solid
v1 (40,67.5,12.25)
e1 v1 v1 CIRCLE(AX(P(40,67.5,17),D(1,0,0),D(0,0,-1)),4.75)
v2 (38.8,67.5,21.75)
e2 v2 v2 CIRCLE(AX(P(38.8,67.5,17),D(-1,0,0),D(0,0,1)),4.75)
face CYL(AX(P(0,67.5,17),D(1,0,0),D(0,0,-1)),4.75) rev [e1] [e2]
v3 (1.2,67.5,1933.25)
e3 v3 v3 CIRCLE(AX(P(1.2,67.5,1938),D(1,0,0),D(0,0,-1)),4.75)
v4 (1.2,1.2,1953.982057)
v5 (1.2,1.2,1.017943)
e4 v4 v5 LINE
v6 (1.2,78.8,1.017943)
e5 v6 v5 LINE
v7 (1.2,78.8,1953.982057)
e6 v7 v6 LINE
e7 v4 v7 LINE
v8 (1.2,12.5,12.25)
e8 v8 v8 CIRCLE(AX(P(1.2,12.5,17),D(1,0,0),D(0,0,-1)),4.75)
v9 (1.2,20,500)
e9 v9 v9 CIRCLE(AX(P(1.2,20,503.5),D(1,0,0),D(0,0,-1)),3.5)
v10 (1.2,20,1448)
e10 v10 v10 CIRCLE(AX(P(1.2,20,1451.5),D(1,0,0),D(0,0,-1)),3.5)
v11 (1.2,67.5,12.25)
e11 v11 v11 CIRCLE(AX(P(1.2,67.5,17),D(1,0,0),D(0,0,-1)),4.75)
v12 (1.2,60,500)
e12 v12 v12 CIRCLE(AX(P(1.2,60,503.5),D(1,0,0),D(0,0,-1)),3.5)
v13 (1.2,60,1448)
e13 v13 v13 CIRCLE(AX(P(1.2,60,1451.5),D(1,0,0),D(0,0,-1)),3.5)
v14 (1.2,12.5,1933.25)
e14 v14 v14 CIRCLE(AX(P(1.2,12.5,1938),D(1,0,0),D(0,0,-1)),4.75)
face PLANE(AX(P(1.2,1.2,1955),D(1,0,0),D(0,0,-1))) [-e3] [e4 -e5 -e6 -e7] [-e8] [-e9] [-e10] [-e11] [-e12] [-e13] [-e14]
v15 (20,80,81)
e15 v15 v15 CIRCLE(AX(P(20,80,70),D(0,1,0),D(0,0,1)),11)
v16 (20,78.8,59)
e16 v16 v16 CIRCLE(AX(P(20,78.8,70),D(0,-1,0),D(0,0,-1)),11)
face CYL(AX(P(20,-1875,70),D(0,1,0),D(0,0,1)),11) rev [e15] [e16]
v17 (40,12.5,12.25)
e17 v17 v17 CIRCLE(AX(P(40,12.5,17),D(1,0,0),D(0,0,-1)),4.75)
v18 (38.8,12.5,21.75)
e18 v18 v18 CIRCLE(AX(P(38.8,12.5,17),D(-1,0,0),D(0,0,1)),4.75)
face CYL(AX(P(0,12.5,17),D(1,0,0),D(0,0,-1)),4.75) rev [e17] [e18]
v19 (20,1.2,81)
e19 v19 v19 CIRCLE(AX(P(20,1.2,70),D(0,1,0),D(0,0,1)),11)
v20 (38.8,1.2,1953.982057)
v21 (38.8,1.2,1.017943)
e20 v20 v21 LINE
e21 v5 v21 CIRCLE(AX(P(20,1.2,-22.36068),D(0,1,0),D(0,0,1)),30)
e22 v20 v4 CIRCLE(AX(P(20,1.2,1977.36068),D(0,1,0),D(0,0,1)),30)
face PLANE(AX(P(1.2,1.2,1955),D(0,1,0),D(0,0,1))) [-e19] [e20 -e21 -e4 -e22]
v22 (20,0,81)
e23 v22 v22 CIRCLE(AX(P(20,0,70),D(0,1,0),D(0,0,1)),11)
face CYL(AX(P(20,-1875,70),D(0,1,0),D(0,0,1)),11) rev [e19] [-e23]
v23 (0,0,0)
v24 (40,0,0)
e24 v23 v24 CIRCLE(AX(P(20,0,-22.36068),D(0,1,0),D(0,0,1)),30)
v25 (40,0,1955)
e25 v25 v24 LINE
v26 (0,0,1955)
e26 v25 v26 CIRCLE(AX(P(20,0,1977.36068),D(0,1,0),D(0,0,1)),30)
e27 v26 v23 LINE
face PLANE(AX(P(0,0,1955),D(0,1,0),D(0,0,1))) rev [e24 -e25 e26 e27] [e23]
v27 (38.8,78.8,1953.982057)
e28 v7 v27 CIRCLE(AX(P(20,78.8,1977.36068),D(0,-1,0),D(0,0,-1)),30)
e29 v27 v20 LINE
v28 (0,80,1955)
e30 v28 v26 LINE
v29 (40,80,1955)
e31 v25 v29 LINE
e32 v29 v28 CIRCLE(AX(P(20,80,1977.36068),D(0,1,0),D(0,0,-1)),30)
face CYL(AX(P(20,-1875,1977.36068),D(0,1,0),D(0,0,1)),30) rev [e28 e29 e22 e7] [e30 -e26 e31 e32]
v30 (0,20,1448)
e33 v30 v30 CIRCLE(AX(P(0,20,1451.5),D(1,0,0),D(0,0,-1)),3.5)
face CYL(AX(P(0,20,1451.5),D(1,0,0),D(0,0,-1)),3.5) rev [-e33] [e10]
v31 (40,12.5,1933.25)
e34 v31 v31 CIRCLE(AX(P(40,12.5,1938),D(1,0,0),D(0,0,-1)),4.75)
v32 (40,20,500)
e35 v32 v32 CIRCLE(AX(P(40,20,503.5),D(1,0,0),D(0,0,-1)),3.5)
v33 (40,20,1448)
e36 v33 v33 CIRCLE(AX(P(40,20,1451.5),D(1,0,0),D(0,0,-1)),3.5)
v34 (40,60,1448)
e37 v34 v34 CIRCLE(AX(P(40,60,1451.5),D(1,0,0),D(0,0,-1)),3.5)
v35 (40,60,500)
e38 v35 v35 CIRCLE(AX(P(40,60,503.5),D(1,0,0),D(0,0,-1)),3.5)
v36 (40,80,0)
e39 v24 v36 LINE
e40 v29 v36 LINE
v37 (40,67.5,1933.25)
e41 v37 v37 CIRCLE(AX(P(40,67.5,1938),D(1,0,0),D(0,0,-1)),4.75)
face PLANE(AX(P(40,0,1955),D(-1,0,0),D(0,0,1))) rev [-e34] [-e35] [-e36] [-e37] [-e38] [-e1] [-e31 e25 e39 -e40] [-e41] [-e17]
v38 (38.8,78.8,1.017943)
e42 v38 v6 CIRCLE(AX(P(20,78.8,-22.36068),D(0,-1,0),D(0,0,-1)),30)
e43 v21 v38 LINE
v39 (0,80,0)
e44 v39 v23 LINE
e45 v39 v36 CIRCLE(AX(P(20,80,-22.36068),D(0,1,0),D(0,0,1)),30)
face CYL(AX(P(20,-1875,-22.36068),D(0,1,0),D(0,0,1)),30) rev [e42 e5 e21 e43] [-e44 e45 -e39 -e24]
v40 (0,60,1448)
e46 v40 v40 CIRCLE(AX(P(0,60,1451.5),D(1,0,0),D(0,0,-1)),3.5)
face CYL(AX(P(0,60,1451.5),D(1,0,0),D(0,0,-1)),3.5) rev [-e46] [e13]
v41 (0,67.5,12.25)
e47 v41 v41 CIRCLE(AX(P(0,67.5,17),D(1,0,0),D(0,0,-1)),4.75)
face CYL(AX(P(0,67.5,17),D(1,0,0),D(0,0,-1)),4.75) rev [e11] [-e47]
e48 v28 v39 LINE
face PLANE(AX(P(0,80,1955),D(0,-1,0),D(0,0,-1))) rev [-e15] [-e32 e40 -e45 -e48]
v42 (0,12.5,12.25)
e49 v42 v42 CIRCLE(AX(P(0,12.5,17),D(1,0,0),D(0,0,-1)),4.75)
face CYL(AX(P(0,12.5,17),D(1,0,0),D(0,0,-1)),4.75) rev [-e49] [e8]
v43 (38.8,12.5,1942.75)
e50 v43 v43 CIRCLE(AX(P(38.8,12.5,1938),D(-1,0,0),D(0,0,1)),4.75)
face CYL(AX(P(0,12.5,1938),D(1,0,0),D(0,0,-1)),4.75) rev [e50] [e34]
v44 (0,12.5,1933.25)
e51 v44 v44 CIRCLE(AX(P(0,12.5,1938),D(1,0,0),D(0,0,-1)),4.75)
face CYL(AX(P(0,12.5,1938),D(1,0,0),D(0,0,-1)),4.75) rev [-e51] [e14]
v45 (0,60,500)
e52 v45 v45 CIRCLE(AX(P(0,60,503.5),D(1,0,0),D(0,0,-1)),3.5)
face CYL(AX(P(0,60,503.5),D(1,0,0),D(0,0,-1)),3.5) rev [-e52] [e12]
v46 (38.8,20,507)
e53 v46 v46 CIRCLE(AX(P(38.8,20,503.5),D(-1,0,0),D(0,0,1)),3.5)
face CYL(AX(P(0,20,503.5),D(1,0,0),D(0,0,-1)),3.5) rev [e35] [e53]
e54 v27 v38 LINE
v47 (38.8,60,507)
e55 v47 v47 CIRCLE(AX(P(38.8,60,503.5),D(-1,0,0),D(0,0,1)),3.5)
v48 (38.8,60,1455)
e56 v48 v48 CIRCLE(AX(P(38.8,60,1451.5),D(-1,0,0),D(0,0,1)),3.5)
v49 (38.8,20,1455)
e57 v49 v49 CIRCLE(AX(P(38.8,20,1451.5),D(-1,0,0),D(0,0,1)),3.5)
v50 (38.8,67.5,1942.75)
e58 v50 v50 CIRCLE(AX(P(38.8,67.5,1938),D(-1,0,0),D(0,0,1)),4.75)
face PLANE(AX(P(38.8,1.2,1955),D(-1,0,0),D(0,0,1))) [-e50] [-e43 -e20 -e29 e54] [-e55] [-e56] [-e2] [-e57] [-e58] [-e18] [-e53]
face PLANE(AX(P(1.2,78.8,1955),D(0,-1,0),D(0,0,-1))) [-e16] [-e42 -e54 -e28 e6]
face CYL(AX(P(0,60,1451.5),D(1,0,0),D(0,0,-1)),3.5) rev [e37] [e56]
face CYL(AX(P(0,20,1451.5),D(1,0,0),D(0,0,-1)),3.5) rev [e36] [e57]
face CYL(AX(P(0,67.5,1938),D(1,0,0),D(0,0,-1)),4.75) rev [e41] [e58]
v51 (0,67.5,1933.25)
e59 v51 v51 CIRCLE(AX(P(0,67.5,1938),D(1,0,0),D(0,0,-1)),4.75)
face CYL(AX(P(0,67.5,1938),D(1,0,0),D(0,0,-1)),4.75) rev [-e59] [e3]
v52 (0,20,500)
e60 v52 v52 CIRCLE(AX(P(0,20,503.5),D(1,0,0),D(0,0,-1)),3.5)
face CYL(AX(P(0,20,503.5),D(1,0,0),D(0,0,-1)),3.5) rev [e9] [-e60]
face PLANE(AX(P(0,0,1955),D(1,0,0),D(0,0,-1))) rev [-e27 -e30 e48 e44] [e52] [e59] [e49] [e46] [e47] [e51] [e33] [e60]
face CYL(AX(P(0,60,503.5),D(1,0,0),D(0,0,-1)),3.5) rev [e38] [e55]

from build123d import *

# Parameters (mm, degrees)
SKETCH1_W           = 40
SKETCH1_H           = 80
SKETCH1_W_2         = 37.6
SKETCH1_H_2         = 77.6
BOSS_EXTRUDE1_DEPTH = 1955
SKETCH2_R           = 11
CUT_EXTRUDE1_DEPTH  = 1955
SKETCH3_R           = 4.75
CUT_EXTRUDE2_DEPTH  = 1958.044966269
SKETCH4_R           = 3.5
CUT_EXTRUDE3_DEPTH  = 1958.044966269


with BuildPart() as part:
    # Sketch1 → Boss-Extrude1 (new body)
    with BuildSketch(Plane.XY):
        with Locations((20, 40)):
            Rectangle(SKETCH1_W, SKETCH1_H)
        with Locations((20, 40)):
            Rectangle(SKETCH1_W_2, SKETCH1_H_2, mode=Mode.SUBTRACT)
    extrude(amount=BOSS_EXTRUDE1_DEPTH)

    # Sketch2 → Cut-Extrude1 (cut)
    with BuildSketch(Plane(origin=(0, 80, 0), x_dir=(1, 0, 0), z_dir=(0, 1, 0))):
        with Locations(Location((20, -70, 0), (0, 0, 270))):
            Circle(SKETCH2_R)
        with BuildLine():
            Line((0, 0), (40, 0))
            ThreePointArc((40, 0), (20, -7.639320225), (0, 0))
        make_face()
        with BuildLine():
            Line((0, -1955), (40, -1955))
            ThreePointArc((40, -1955), (20, -1947.360679775), (0, -1955))
        make_face()
    extrude(amount=-CUT_EXTRUDE1_DEPTH, mode=Mode.SUBTRACT)

    # Sketch3 → Cut-Extrude2 (cut, through all)
    with BuildSketch(Plane(origin=(40, 0, 0), x_dir=(0, 0, -1), z_dir=(1, 0, 0))):
        with Locations((-17, 67.5)):
            Circle(SKETCH3_R)
        with Locations((-17, 12.5)):
            Circle(SKETCH3_R)
        with Locations((-1938, 67.5)):
            Circle(SKETCH3_R)
        with Locations((-1938, 12.5)):
            Circle(SKETCH3_R)
    extrude(amount=-CUT_EXTRUDE2_DEPTH, mode=Mode.SUBTRACT)

    # Sketch4 → Cut-Extrude3 (cut, through all)
    with BuildSketch(Plane(origin=(40, 0, 0), x_dir=(0, 0, -1), z_dir=(1, 0, 0))):
        with Locations((-1451.5, 60)):
            Circle(SKETCH4_R)
        with Locations((-1451.5, 20)):
            Circle(SKETCH4_R)
        with Locations((-503.5, 60)):
            Circle(SKETCH4_R)
        with Locations((-503.5, 20)):
            Circle(SKETCH4_R)
    extrude(amount=-CUT_EXTRUDE3_DEPTH, mode=Mode.SUBTRACT)


solid = part.part
